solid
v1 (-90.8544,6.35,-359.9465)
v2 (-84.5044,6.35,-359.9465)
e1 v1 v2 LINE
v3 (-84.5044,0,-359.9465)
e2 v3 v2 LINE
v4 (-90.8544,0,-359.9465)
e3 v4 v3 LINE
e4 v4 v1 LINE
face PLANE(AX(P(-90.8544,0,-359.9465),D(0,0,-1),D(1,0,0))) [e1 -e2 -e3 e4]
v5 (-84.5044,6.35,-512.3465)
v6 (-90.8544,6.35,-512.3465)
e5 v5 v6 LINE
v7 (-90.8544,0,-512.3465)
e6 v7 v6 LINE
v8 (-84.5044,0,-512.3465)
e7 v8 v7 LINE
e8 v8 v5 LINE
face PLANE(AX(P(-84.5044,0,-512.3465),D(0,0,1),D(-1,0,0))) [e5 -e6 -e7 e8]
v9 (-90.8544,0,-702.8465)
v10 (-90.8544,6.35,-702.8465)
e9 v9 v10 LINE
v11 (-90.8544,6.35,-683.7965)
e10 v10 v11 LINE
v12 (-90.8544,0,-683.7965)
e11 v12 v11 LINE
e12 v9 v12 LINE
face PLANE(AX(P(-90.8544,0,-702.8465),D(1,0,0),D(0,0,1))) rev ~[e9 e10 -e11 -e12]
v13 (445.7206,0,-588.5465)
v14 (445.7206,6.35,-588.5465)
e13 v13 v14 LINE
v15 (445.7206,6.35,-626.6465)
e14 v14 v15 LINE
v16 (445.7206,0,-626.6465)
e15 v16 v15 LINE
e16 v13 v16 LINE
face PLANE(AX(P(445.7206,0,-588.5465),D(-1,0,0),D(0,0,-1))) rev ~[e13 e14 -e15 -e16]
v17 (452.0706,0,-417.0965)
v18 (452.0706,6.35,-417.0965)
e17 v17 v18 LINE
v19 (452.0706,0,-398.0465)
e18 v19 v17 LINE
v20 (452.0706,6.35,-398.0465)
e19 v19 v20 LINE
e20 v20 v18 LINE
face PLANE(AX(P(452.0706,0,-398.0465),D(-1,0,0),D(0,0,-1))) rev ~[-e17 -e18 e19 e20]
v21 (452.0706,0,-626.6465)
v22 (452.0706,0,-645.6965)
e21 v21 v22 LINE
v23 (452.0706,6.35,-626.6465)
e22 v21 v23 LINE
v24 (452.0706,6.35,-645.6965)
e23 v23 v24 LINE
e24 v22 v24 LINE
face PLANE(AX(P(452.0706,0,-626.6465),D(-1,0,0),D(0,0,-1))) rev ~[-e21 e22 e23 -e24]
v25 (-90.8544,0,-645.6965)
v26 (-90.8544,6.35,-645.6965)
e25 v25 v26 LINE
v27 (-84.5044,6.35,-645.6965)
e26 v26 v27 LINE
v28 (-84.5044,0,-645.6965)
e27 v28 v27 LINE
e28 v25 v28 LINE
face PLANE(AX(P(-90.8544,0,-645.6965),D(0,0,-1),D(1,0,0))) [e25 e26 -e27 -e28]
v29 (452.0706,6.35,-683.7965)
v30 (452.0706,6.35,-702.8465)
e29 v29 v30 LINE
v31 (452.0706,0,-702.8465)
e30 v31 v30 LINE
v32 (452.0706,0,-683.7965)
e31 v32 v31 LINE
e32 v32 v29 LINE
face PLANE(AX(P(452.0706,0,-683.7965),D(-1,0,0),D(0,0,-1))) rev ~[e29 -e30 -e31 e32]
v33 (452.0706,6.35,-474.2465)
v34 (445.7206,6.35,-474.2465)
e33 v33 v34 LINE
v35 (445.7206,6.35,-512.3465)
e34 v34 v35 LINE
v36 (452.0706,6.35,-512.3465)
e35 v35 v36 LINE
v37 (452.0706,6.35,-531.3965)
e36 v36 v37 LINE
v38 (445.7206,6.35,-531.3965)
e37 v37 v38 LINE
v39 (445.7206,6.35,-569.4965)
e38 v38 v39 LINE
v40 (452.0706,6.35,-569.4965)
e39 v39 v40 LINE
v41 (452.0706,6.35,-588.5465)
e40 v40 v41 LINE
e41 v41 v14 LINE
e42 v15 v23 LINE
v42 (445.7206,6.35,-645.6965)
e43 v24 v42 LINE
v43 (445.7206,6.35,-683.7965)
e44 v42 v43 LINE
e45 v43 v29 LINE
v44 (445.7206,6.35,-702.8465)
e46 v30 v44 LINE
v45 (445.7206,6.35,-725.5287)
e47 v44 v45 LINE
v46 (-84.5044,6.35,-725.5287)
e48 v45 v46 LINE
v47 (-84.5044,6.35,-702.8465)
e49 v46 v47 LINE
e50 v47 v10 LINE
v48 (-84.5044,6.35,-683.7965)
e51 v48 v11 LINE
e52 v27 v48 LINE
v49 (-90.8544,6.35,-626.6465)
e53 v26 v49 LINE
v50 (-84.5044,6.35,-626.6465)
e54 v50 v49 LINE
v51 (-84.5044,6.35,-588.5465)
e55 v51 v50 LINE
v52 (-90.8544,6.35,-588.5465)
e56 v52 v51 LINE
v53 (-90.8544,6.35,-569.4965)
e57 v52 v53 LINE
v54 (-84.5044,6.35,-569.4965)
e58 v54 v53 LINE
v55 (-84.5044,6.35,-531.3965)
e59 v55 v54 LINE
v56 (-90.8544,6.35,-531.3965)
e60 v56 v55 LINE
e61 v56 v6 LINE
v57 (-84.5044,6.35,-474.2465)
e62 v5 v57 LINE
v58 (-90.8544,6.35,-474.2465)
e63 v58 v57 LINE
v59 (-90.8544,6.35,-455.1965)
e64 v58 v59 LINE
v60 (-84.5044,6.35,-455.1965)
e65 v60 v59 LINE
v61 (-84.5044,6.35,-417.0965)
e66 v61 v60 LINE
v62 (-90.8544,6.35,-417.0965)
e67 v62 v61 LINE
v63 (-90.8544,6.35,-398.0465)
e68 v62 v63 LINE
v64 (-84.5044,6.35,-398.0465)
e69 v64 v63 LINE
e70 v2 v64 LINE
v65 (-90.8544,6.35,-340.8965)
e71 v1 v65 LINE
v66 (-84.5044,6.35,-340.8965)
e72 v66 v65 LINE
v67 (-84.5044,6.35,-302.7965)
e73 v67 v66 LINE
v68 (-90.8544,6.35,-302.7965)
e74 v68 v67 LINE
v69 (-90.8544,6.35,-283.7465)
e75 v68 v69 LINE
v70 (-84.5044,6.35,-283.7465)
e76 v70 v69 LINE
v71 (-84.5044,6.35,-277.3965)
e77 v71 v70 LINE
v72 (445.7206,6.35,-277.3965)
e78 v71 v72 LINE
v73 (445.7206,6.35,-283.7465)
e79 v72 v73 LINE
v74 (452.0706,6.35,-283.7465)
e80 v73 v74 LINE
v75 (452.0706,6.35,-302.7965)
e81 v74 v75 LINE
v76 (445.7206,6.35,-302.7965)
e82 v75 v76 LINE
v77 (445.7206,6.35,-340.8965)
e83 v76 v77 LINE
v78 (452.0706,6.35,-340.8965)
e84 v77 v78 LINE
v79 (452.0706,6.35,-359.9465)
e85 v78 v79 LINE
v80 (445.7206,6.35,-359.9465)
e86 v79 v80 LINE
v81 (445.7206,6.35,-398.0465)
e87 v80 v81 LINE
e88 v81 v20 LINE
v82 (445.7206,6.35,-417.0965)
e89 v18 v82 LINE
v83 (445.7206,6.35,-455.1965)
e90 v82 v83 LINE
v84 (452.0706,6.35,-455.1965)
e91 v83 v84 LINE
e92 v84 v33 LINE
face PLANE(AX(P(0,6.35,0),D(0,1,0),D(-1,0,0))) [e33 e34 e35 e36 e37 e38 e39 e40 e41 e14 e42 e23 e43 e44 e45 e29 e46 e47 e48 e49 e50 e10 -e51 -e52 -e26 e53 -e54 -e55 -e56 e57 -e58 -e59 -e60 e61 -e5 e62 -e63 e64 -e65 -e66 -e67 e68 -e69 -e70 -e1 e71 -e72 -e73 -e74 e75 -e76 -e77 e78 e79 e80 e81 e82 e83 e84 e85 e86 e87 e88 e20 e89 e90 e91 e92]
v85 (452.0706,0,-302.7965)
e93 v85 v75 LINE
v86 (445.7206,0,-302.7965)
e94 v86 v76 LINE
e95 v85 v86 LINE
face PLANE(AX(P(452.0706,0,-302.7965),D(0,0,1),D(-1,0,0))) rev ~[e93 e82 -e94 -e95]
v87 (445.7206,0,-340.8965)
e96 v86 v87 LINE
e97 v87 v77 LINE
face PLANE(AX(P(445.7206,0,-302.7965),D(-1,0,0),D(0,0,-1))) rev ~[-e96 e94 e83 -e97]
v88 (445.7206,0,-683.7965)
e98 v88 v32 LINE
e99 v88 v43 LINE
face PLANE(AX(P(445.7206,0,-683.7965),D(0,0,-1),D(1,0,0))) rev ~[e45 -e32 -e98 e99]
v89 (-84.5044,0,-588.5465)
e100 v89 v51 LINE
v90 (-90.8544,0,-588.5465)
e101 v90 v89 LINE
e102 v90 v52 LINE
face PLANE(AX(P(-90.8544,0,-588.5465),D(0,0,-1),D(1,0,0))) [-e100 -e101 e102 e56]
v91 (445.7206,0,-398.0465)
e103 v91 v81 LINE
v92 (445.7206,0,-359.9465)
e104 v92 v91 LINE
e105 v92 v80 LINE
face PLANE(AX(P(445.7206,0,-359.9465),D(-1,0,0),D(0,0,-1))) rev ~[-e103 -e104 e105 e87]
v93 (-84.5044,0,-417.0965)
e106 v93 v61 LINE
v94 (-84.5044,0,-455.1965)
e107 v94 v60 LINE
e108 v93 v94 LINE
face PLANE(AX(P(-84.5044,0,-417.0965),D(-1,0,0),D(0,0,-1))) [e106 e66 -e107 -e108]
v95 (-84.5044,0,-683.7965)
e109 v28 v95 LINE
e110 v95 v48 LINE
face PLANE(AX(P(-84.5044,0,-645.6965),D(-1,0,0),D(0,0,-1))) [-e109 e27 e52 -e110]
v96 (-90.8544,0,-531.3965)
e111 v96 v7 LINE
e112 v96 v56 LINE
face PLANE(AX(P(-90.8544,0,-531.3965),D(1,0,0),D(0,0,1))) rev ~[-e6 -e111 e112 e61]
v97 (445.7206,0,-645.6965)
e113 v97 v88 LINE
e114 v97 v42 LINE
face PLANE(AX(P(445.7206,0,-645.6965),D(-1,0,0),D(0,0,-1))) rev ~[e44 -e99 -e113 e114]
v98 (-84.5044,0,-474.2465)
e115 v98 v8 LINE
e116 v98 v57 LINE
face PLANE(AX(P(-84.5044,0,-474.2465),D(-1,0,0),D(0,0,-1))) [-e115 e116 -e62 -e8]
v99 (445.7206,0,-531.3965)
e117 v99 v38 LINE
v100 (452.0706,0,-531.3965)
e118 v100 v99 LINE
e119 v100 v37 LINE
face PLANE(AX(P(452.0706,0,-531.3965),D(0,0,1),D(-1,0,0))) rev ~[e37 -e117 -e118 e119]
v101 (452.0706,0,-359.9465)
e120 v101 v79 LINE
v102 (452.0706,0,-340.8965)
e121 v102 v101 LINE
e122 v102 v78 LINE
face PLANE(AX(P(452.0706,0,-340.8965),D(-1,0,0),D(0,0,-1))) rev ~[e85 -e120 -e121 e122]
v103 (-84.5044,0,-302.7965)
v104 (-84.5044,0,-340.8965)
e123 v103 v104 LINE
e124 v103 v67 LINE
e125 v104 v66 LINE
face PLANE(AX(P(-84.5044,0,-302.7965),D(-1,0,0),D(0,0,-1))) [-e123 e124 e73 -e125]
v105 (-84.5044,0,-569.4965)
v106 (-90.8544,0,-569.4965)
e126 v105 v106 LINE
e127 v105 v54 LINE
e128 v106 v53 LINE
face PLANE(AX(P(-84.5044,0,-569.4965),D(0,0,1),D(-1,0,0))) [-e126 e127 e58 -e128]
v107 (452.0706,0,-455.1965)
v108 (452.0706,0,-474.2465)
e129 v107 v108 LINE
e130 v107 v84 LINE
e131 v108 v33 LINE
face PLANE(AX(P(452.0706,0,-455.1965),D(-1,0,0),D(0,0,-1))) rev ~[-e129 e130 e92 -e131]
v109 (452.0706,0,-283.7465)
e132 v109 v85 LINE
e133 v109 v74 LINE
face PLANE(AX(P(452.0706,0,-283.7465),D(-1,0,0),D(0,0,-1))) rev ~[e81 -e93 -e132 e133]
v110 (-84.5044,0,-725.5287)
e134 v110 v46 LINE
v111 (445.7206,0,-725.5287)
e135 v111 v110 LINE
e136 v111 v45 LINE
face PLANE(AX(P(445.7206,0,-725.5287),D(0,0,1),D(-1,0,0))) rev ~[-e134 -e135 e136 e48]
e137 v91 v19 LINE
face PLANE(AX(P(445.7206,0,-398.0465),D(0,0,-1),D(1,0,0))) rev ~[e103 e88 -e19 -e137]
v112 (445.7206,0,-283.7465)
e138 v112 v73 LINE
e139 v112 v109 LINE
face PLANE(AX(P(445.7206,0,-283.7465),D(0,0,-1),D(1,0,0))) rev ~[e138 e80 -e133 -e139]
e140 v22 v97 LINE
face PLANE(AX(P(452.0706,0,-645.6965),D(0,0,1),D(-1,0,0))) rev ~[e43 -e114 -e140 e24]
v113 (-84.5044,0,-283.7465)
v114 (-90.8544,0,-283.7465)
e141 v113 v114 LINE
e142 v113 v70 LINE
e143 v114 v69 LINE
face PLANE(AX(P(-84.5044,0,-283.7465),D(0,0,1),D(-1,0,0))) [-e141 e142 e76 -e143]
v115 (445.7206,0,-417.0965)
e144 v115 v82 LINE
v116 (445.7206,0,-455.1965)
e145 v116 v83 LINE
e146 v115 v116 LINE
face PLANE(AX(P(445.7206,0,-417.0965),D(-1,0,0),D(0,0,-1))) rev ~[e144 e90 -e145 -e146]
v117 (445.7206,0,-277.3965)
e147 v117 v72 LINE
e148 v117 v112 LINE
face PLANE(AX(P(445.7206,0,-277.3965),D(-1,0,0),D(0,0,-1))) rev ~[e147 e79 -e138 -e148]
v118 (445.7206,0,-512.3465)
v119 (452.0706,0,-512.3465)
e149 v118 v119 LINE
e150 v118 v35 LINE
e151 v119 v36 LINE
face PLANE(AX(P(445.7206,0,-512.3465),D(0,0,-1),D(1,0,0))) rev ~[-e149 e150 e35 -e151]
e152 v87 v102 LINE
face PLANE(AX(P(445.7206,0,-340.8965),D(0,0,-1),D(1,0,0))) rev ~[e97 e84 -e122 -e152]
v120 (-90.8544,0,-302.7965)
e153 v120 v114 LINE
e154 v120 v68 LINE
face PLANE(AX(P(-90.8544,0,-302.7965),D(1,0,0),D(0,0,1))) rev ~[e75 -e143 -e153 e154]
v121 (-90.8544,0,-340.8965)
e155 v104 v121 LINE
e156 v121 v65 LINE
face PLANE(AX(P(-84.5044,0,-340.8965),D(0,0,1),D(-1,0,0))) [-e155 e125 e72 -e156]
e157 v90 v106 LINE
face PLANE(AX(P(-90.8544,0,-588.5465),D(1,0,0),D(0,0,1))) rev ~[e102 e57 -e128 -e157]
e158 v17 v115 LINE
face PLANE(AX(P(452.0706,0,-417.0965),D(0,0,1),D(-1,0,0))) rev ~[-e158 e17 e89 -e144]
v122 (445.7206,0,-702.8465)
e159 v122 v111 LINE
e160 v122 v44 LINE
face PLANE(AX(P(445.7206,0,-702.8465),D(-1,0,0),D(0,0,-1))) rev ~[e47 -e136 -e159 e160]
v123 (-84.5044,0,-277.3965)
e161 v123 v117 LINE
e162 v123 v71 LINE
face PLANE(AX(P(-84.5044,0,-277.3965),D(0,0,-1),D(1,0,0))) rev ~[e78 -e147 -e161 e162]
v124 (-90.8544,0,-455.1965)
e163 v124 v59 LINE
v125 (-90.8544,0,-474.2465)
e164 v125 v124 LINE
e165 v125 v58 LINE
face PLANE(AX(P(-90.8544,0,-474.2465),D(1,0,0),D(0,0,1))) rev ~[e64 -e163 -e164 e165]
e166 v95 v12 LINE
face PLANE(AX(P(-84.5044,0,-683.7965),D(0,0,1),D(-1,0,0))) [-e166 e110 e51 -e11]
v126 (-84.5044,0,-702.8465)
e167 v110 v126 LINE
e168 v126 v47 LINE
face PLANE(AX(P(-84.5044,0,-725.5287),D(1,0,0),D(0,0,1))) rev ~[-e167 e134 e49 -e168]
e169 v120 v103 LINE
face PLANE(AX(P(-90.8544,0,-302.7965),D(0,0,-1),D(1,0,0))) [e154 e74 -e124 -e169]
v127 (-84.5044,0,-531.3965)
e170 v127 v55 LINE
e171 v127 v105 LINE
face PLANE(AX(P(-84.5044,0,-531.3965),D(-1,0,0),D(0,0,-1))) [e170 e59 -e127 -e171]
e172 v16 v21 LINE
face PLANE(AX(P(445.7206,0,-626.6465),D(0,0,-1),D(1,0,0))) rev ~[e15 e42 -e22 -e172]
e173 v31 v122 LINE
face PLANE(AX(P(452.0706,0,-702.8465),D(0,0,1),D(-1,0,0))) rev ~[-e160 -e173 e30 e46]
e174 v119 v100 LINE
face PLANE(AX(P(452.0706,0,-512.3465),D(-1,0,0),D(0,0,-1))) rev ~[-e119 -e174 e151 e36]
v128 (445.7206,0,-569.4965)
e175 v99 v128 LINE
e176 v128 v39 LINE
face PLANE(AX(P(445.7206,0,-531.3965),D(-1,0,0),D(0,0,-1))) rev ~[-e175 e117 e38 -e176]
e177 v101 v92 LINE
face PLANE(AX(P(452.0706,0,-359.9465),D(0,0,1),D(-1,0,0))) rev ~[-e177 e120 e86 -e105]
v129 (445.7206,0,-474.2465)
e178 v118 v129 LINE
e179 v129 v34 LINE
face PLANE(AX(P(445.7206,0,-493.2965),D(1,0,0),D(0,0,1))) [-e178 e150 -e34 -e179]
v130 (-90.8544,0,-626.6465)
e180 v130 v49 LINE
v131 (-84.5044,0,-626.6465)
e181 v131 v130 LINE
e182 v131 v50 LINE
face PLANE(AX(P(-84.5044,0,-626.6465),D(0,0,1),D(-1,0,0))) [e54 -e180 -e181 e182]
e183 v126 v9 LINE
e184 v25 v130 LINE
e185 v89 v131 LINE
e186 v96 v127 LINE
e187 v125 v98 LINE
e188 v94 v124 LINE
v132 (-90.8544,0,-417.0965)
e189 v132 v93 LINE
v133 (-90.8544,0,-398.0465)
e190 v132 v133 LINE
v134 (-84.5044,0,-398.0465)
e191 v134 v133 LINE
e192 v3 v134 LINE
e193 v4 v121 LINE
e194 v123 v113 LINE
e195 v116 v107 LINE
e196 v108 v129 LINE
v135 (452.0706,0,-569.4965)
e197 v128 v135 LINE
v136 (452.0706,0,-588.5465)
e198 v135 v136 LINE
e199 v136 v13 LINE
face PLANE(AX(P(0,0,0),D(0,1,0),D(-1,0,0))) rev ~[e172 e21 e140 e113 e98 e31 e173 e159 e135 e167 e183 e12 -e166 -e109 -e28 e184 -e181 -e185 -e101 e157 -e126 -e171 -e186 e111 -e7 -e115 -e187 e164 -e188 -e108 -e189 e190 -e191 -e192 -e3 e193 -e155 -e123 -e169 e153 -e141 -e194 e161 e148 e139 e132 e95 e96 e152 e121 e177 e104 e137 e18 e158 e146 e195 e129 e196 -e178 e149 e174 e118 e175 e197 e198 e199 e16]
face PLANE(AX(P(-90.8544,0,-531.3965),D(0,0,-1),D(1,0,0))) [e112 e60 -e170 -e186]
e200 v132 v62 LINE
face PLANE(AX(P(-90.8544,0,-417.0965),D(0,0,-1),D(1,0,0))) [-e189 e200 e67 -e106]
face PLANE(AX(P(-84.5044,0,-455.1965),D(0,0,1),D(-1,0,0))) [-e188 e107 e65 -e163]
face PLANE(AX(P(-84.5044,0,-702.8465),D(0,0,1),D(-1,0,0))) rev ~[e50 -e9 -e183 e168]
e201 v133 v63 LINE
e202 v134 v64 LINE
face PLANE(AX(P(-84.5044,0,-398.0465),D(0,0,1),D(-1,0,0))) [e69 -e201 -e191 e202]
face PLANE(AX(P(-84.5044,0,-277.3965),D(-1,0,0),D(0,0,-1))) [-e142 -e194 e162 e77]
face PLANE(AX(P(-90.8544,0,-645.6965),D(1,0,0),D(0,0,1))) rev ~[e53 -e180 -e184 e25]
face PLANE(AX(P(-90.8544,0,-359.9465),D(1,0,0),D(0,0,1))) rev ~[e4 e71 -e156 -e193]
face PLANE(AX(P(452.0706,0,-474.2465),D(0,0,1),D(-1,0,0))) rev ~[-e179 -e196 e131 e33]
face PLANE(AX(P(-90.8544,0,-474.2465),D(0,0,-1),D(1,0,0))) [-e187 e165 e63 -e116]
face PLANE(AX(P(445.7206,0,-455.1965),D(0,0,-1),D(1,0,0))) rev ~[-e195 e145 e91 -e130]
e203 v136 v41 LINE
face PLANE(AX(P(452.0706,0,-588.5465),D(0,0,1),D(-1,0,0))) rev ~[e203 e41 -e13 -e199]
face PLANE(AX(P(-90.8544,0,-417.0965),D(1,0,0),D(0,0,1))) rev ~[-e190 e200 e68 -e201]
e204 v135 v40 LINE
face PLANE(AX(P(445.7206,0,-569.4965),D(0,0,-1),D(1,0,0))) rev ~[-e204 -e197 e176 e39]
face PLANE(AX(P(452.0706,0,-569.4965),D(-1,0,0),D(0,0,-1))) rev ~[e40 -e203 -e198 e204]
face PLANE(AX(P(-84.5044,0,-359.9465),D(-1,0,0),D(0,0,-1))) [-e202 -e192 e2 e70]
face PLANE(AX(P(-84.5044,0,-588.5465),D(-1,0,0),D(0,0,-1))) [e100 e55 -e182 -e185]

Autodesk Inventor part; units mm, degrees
ref_plane "YZ Plane" through (0, 0, 0) normal (1, 0, 0) x (0, 1, 0)
ref_plane "XZ Plane" through (0, 0, 0) normal (0, 1, 0) x (-1, 0, 0)
ref_plane "XY Plane" through (0, 0, 0) normal (0, 0, 1) x (1, 0, 0)
sketch "Sketch1" plane through (0, 0, 0) normal (0, 1, 0) x (-1, 0, 0)
  line L0 (84.5044, -277.3965) -> (-445.7206, -277.3965)
  line L1 (-445.7206, -725.5287) -> (84.5044, -725.5287)
  line L2 (-445.7206, -277.3965) -> (-445.7206, -283.7465)
  line L3 (-445.7206, -283.7465) -> (-452.0706, -283.7465)
  line L4 (-452.0706, -302.7965) -> (-445.7206, -302.7965)
  line L5 (-445.7206, -302.7965) -> (-445.7206, -340.8965)
  line L6 (-445.7206, -340.8965) -> (-452.0706, -340.8965)
  line L7 (-452.0706, -359.9465) -> (-445.7206, -359.9465)
  line L8 (-445.7206, -359.9465) -> (-445.7206, -398.0465)
  line L9 (-445.7206, -398.0465) -> (-452.0706, -398.0465)
  line L10 (-452.0706, -417.0965) -> (-445.7206, -417.0965)
  line L11 (-445.7206, -417.0965) -> (-445.7206, -455.1965)
  line L12 (-445.7206, -455.1965) -> (-452.0706, -455.1965)
  line L13 (-452.0706, -474.2465) -> (-445.7206, -474.2465)
  line L14 (-445.7206, -512.3465) -> (-452.0706, -512.3465)
  line L15 (-452.0706, -531.3965) -> (-445.7206, -531.3965)
  line L16 (-445.7206, -531.3965) -> (-445.7206, -569.4965)
  line L17 (-445.7206, -569.4965) -> (-452.0706, -569.4965)
  line L18 (-452.0706, -588.5465) -> (-445.7206, -588.5465)
  line L19 (-445.7206, -588.5465) -> (-445.7206, -626.6465)
  line L20 (-445.7206, -626.6465) -> (-452.0706, -626.6465)
  line L21 (-452.0706, -645.6965) -> (-445.7206, -645.6965)
  line L22 (-445.7206, -645.6965) -> (-445.7206, -683.7965)
  line L23 (-445.7206, -683.7965) -> (-452.0706, -683.7965)
  line L24 (-452.0706, -702.8465) -> (-445.7206, -702.8465)
  line L25 (-445.7206, -702.8465) -> (-445.7206, -725.5287)
  line L26 (-452.0706, -283.7465) -> (-452.0706, -302.7965)
  line L27 (-452.0706, -340.8965) -> (-452.0706, -359.9465)
  line L28 (-452.0706, -398.0465) -> (-452.0706, -417.0965)
  line L29 (-452.0706, -455.1965) -> (-452.0706, -474.2465)
  line L30 (-452.0706, -512.3465) -> (-452.0706, -531.3965)
  line L31 (-452.0706, -569.4965) -> (-452.0706, -588.5465)
  line L32 (-452.0706, -626.6465) -> (-452.0706, -645.6965)
  line L33 (-452.0706, -683.7965) -> (-452.0706, -702.8465)
  line L34 (-445.7206, -512.3465) -> (-445.7206, -474.2465)
  line L35 (84.5044, -277.3965) -> (84.5044, -283.7465)
  line L36 (84.5044, -283.7465) -> (90.8544, -283.7465)
  line L37 (90.8544, -302.7965) -> (84.5044, -302.7965)
  line L38 (84.5044, -302.7965) -> (84.5044, -340.8965)
  line L39 (84.5044, -340.8965) -> (90.8544, -340.8965)
  line L40 (90.8544, -359.9465) -> (84.5044, -359.9465)
  line L41 (84.5044, -359.9465) -> (84.5044, -398.0465)
  line L42 (84.5044, -398.0465) -> (90.8544, -398.0465)
  line L43 (90.8544, -417.0965) -> (84.5044, -417.0965)
  line L44 (84.5044, -417.0965) -> (84.5044, -455.1965)
  line L45 (84.5044, -455.1965) -> (90.8544, -455.1965)
  line L46 (90.8544, -474.2465) -> (84.5044, -474.2465)
  line L47 (84.5044, -474.2465) -> (84.5044, -512.3465)
  line L48 (84.5044, -512.3465) -> (90.8544, -512.3465)
  line L49 (90.8544, -531.3965) -> (84.5044, -531.3965)
  line L50 (84.5044, -531.3965) -> (84.5044, -569.4965)
  line L51 (84.5044, -569.4965) -> (90.8544, -569.4965)
  line L52 (90.8544, -588.5465) -> (84.5044, -588.5465)
  line L53 (84.5044, -588.5465) -> (84.5044, -626.6465)
  line L54 (84.5044, -626.6465) -> (90.8544, -626.6465)
  line L55 (90.8544, -645.6965) -> (84.5044, -645.6965)
  line L56 (84.5044, -645.6965) -> (84.5044, -683.7965)
  line L57 (84.5044, -683.7965) -> (90.8544, -683.7965)
  line L58 (84.5044, -725.5287) -> (84.5044, -702.8465)
  line L59 (84.5044, -702.8465) -> (90.8544, -702.8465)
  line L60 (90.8544, -302.7965) -> (90.8544, -283.7465)
  line L61 (90.8544, -359.9465) -> (90.8544, -340.8965)
  line L62 (90.8544, -417.0965) -> (90.8544, -398.0465)
  line L63 (90.8544, -474.2465) -> (90.8544, -455.1965)
  line L64 (90.8544, -531.3965) -> (90.8544, -512.3465)
  line L65 (90.8544, -588.5465) -> (90.8544, -569.4965)
  line L66 (90.8544, -702.8465) -> (90.8544, -683.7965)
  line L67 (90.8544, -645.6965) -> (90.8544, -626.6465)
  line L68 (84.5044, -493.2965) -> (-445.7206, -493.2965)
  point P0 (0, 0)
  dimension "d53" = 6.35
  dimension "d54" = 38.1
  dimension "d55" = 19.05
  dimension "d56" = 19.05
  dimension "d57" = 19.05
  dimension "d58" = 38.1
  dimension "d59" = 38.1
  dimension "d60" = 19.05
  dimension "d61" = 38.1
  dimension "d62" = 19.05
  dimension "d63" = 38.1
  dimension "d64" = 19.05
  dimension "d65" = 38.1
  dimension "d66" = 19.05
  dimension "d67" = 38.1
  dimension "d68" = 19.05
  dimension "d69" = 6.35
  dimension "d70" = 6.35
  dimension "d71" = 6.35
  dimension "d72" = 6.35
  dimension "d74" = 6.35
  dimension "d75" = 6.35
  dimension "d76" = 6.35
  dimension "d94" = 22.6822
  dimension "d134" = 6.35
  dimension "d135" = 19.05
  dimension "d136" = 38.1
  dimension "d137" = 19.05
  dimension "d138" = 38.1
  dimension "d139" = 19.05
  dimension "d140" = 38.1
  dimension "d141" = 19.05
  dimension "d142" = 38.1
  dimension "d143" = 19.05
  dimension "d144" = 38.1
  dimension "d145" = 19.05
  dimension "d146" = 38.1
  dimension "d147" = 19.05
  dimension "d148" = 38.1
  dimension "d149" = 19.05
  dimension "d150" = 6.35
  dimension "d151" = 448.1322
  dimension "d152" = 542.925
extrude "Extrusion3" add sketch "Sketch1" along normal blind 6.35
properties part number "Back 2 V3"
